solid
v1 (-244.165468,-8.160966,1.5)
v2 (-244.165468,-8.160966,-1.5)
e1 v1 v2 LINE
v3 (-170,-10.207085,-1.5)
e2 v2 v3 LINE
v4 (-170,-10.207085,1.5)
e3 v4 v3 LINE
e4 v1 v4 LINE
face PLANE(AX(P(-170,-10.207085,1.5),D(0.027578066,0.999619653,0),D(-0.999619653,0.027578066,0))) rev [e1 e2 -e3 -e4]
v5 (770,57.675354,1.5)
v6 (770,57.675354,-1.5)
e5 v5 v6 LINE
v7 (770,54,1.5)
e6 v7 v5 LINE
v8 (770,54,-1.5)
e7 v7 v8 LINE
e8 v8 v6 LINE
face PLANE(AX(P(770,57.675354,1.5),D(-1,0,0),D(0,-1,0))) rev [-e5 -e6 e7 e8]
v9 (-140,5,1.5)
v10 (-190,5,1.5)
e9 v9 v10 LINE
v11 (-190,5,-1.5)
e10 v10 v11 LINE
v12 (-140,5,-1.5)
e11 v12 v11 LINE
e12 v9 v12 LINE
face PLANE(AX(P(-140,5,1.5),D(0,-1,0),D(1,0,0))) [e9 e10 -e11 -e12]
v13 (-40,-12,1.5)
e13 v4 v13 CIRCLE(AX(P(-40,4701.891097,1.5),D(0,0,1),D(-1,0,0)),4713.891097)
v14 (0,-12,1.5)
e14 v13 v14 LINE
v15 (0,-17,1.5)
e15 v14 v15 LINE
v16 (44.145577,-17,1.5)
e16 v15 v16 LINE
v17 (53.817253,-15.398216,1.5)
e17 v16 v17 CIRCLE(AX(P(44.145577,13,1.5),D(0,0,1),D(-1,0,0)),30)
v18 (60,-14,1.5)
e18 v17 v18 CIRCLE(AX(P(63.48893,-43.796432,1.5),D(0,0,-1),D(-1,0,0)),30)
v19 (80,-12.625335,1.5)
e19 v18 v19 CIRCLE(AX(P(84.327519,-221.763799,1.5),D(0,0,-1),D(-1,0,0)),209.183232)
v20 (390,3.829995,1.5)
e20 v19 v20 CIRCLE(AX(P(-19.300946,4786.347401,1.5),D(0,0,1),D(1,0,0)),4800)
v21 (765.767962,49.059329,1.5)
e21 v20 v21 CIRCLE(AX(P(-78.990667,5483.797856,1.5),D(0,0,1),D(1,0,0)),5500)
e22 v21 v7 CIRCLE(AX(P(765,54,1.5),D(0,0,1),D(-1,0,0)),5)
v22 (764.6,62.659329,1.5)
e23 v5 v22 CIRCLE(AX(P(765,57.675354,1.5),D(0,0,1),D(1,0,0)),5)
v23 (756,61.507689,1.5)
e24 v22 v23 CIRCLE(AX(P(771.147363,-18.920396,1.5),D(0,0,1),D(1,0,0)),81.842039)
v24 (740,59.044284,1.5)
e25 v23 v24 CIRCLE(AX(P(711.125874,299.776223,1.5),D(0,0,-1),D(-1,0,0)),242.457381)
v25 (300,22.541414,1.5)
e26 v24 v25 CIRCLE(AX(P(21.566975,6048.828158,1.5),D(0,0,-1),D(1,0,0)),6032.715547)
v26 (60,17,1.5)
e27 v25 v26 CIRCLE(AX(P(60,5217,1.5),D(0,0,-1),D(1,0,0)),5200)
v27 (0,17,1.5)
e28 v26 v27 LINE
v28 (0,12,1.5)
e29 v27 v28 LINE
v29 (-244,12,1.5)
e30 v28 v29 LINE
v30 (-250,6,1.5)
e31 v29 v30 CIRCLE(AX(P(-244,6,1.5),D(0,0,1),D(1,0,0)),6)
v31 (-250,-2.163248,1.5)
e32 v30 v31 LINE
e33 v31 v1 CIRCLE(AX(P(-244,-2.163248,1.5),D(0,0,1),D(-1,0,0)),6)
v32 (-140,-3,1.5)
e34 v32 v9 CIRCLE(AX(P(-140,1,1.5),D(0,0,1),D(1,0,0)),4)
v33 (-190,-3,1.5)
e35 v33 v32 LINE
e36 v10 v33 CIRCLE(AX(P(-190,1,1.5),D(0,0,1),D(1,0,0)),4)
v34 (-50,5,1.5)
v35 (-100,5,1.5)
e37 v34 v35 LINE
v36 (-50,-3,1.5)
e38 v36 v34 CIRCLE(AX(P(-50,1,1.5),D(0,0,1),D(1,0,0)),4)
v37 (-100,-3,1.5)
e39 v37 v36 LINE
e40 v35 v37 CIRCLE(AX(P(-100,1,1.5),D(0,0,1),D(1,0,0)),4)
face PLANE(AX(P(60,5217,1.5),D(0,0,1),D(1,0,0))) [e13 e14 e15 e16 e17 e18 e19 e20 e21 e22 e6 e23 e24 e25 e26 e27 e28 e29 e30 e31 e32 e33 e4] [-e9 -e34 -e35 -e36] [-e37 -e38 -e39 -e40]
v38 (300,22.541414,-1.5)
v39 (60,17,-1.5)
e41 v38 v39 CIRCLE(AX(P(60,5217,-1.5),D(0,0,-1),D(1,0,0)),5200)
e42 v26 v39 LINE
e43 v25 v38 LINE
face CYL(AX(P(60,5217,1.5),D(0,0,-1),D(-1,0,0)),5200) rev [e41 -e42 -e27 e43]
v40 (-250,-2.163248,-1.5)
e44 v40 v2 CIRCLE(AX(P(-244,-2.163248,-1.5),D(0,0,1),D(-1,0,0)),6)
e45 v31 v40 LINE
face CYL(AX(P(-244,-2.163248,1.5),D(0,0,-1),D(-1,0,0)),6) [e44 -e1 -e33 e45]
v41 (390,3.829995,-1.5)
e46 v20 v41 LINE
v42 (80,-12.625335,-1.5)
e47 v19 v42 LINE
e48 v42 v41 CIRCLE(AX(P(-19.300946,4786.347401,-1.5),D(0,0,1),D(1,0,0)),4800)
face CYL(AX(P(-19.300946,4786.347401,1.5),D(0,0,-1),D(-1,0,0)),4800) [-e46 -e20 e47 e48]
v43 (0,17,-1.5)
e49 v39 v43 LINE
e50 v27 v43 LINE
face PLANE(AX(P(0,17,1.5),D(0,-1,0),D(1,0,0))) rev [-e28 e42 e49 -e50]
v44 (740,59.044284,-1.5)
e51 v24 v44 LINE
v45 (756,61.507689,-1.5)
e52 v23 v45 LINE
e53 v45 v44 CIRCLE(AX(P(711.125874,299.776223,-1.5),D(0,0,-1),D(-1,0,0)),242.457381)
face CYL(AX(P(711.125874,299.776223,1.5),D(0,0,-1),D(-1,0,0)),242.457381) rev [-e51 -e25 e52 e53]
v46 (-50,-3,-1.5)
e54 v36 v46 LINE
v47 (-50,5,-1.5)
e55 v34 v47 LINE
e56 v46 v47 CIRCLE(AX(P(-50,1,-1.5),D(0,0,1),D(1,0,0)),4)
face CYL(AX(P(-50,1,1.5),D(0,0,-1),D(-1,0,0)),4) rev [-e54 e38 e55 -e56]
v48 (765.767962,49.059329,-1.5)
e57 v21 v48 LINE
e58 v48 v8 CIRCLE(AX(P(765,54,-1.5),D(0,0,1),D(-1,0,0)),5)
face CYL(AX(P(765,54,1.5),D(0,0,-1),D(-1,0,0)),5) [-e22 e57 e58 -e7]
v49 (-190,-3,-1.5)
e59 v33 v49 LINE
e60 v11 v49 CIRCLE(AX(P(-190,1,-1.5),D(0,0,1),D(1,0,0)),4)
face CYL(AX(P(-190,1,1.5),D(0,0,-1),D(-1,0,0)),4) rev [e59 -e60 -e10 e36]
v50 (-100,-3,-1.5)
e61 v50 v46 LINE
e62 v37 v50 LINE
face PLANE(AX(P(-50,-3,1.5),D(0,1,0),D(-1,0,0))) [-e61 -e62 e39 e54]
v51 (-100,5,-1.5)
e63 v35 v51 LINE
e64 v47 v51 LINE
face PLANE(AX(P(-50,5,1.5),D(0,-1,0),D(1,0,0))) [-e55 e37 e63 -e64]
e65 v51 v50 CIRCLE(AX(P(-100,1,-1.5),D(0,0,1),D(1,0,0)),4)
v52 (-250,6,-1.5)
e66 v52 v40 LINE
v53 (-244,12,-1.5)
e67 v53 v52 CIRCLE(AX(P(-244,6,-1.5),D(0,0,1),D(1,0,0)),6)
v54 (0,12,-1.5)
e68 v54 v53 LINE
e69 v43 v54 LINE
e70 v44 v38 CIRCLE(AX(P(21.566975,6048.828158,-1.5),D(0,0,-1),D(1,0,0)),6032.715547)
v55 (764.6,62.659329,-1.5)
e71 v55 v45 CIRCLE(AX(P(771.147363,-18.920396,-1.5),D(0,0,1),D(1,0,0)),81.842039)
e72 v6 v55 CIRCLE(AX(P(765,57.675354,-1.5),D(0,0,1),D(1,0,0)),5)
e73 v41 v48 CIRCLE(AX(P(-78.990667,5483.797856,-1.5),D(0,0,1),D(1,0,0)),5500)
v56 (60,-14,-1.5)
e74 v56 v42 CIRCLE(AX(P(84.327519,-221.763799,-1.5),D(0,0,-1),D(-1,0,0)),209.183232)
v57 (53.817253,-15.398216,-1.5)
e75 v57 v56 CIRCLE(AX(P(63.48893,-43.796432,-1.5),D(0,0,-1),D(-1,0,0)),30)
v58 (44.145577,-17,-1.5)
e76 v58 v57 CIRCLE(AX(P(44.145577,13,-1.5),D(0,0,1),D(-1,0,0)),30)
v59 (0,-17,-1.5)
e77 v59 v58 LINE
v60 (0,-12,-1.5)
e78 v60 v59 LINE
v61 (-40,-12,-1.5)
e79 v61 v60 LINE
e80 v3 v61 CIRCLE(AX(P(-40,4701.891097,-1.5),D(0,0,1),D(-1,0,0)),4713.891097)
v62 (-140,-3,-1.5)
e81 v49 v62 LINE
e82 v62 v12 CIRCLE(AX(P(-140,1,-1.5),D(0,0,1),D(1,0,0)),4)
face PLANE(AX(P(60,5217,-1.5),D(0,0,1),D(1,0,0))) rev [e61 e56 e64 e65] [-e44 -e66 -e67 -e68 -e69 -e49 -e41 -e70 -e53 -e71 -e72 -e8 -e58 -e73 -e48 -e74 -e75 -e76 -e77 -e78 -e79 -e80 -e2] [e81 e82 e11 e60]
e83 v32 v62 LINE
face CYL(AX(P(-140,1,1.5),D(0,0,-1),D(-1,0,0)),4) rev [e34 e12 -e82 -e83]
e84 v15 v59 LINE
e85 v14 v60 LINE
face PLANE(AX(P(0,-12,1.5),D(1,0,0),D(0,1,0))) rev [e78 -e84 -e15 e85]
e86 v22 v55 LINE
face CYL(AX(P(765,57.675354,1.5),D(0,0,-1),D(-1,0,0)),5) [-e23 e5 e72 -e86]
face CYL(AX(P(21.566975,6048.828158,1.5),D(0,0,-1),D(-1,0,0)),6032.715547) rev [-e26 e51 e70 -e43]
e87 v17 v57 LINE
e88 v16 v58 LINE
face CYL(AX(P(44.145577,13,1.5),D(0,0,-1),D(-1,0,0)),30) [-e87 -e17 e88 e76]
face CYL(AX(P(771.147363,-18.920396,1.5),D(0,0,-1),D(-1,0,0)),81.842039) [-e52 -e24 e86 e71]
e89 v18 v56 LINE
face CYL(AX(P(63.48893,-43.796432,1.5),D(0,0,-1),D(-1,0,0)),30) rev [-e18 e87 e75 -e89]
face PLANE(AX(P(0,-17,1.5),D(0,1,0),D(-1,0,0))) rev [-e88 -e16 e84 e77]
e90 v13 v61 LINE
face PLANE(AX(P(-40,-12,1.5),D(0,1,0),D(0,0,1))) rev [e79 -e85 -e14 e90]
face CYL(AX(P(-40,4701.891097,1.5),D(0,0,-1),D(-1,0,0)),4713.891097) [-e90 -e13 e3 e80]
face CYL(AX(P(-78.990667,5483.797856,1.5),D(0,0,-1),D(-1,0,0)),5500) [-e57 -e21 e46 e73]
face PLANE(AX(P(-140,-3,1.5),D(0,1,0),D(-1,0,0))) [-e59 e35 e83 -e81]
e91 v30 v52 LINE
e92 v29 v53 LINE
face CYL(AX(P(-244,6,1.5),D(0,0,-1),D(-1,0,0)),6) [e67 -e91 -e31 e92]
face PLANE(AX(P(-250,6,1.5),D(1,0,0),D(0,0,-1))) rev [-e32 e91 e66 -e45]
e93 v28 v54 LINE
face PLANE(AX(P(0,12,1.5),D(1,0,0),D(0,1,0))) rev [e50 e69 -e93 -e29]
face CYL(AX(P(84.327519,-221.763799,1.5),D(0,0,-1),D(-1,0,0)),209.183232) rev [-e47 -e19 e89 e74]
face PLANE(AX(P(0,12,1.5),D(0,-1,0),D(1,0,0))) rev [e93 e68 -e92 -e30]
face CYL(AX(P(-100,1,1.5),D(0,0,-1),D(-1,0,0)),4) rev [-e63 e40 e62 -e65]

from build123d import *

# Parameters (mm, degrees)
EXTRUDE_1_DEPTH = 1.5


with BuildPart() as part:
    # 草图1 → 凸台-拉伸1 (new body, symmetric)
    with BuildSketch(Plane.XY):
        with BuildLine():
            Line((0, 12), (-244, 12))
            ThreePointArc((-244, 12), (-248.242640687, 10.242640687), (-250, 6))
            Line((-250, 6), (-250, -2.163248404))
            ThreePointArc((-250, -2.163248404), (-248.300744725, -6.346978177), (-244.165468396, -8.160966321))
            Line((-244.165468396, -8.160966321), (-170, -10.207084742))
            ThreePointArc((-170, -10.207084742), (-105.006181524, -11.551749873), (-40, -12))
            Line((-40, -12), (0, -12))
            Line((0, -12), (0, -17))
            Line((0, -17), (44.145576966, -17))
            ThreePointArc((44.145576966, -17), (49.047286744, -16.596845123), (53.817253308, -15.398216084))
            ThreePointArc((53.817253308, -15.398216084), (56.87159336, -14.535351182), (60, -14))
            ThreePointArc((60, -14), (69.983522822, -13.072941186), (80, -12.625335423))
            ThreePointArc((80, -12.625335423), (235.133064328, -6.904453143), (390, 3.82999502))
            ThreePointArc((390, 3.82999502), (578.273151109, 23.21141529), (765.76796239, 49.059328612))
            ThreePointArc((765.76796239, 49.059328612), (768.797355129, 50.747294353), (770, 54))
            Line((770, 54), (770, 57.675354294))
            ThreePointArc((770, 57.675354294), (768.391164992, 61.349588908), (764.6, 62.659328612))
            ThreePointArc((764.6, 62.659328612), (760.284727379, 62.197558708), (756, 61.507688779))
            ThreePointArc((756, 61.507688779), (748.020565474, 60.142412099), (740, 59.044284039))
            ThreePointArc((740, 59.044284039), (520.334050184, 36.766259367), (300, 22.541414161))
            ThreePointArc((300, 22.541414161), (180.031982479, 18.385538128), (60, 17))
            Line((60, 17), (0, 17))
            Line((0, 17), (0, 12))
        make_face()
        with BuildLine():
            Line((-50, -3), (-100, -3))
            ThreePointArc((-100, -3), (-104, 1), (-100, 5))
            Line((-100, 5), (-50, 5))
            ThreePointArc((-50, 5), (-46, 1), (-50, -3))
        make_face(mode=Mode.SUBTRACT)
        with BuildLine():
            Line((-140, -3), (-190, -3))
            ThreePointArc((-190, -3), (-194, 1), (-190, 5))
            Line((-190, 5), (-140, 5))
            ThreePointArc((-140, 5), (-136, 1), (-140, -3))
        make_face(mode=Mode.SUBTRACT)
    extrude(amount=EXTRUDE_1_DEPTH, both=True)


solid = part.part
